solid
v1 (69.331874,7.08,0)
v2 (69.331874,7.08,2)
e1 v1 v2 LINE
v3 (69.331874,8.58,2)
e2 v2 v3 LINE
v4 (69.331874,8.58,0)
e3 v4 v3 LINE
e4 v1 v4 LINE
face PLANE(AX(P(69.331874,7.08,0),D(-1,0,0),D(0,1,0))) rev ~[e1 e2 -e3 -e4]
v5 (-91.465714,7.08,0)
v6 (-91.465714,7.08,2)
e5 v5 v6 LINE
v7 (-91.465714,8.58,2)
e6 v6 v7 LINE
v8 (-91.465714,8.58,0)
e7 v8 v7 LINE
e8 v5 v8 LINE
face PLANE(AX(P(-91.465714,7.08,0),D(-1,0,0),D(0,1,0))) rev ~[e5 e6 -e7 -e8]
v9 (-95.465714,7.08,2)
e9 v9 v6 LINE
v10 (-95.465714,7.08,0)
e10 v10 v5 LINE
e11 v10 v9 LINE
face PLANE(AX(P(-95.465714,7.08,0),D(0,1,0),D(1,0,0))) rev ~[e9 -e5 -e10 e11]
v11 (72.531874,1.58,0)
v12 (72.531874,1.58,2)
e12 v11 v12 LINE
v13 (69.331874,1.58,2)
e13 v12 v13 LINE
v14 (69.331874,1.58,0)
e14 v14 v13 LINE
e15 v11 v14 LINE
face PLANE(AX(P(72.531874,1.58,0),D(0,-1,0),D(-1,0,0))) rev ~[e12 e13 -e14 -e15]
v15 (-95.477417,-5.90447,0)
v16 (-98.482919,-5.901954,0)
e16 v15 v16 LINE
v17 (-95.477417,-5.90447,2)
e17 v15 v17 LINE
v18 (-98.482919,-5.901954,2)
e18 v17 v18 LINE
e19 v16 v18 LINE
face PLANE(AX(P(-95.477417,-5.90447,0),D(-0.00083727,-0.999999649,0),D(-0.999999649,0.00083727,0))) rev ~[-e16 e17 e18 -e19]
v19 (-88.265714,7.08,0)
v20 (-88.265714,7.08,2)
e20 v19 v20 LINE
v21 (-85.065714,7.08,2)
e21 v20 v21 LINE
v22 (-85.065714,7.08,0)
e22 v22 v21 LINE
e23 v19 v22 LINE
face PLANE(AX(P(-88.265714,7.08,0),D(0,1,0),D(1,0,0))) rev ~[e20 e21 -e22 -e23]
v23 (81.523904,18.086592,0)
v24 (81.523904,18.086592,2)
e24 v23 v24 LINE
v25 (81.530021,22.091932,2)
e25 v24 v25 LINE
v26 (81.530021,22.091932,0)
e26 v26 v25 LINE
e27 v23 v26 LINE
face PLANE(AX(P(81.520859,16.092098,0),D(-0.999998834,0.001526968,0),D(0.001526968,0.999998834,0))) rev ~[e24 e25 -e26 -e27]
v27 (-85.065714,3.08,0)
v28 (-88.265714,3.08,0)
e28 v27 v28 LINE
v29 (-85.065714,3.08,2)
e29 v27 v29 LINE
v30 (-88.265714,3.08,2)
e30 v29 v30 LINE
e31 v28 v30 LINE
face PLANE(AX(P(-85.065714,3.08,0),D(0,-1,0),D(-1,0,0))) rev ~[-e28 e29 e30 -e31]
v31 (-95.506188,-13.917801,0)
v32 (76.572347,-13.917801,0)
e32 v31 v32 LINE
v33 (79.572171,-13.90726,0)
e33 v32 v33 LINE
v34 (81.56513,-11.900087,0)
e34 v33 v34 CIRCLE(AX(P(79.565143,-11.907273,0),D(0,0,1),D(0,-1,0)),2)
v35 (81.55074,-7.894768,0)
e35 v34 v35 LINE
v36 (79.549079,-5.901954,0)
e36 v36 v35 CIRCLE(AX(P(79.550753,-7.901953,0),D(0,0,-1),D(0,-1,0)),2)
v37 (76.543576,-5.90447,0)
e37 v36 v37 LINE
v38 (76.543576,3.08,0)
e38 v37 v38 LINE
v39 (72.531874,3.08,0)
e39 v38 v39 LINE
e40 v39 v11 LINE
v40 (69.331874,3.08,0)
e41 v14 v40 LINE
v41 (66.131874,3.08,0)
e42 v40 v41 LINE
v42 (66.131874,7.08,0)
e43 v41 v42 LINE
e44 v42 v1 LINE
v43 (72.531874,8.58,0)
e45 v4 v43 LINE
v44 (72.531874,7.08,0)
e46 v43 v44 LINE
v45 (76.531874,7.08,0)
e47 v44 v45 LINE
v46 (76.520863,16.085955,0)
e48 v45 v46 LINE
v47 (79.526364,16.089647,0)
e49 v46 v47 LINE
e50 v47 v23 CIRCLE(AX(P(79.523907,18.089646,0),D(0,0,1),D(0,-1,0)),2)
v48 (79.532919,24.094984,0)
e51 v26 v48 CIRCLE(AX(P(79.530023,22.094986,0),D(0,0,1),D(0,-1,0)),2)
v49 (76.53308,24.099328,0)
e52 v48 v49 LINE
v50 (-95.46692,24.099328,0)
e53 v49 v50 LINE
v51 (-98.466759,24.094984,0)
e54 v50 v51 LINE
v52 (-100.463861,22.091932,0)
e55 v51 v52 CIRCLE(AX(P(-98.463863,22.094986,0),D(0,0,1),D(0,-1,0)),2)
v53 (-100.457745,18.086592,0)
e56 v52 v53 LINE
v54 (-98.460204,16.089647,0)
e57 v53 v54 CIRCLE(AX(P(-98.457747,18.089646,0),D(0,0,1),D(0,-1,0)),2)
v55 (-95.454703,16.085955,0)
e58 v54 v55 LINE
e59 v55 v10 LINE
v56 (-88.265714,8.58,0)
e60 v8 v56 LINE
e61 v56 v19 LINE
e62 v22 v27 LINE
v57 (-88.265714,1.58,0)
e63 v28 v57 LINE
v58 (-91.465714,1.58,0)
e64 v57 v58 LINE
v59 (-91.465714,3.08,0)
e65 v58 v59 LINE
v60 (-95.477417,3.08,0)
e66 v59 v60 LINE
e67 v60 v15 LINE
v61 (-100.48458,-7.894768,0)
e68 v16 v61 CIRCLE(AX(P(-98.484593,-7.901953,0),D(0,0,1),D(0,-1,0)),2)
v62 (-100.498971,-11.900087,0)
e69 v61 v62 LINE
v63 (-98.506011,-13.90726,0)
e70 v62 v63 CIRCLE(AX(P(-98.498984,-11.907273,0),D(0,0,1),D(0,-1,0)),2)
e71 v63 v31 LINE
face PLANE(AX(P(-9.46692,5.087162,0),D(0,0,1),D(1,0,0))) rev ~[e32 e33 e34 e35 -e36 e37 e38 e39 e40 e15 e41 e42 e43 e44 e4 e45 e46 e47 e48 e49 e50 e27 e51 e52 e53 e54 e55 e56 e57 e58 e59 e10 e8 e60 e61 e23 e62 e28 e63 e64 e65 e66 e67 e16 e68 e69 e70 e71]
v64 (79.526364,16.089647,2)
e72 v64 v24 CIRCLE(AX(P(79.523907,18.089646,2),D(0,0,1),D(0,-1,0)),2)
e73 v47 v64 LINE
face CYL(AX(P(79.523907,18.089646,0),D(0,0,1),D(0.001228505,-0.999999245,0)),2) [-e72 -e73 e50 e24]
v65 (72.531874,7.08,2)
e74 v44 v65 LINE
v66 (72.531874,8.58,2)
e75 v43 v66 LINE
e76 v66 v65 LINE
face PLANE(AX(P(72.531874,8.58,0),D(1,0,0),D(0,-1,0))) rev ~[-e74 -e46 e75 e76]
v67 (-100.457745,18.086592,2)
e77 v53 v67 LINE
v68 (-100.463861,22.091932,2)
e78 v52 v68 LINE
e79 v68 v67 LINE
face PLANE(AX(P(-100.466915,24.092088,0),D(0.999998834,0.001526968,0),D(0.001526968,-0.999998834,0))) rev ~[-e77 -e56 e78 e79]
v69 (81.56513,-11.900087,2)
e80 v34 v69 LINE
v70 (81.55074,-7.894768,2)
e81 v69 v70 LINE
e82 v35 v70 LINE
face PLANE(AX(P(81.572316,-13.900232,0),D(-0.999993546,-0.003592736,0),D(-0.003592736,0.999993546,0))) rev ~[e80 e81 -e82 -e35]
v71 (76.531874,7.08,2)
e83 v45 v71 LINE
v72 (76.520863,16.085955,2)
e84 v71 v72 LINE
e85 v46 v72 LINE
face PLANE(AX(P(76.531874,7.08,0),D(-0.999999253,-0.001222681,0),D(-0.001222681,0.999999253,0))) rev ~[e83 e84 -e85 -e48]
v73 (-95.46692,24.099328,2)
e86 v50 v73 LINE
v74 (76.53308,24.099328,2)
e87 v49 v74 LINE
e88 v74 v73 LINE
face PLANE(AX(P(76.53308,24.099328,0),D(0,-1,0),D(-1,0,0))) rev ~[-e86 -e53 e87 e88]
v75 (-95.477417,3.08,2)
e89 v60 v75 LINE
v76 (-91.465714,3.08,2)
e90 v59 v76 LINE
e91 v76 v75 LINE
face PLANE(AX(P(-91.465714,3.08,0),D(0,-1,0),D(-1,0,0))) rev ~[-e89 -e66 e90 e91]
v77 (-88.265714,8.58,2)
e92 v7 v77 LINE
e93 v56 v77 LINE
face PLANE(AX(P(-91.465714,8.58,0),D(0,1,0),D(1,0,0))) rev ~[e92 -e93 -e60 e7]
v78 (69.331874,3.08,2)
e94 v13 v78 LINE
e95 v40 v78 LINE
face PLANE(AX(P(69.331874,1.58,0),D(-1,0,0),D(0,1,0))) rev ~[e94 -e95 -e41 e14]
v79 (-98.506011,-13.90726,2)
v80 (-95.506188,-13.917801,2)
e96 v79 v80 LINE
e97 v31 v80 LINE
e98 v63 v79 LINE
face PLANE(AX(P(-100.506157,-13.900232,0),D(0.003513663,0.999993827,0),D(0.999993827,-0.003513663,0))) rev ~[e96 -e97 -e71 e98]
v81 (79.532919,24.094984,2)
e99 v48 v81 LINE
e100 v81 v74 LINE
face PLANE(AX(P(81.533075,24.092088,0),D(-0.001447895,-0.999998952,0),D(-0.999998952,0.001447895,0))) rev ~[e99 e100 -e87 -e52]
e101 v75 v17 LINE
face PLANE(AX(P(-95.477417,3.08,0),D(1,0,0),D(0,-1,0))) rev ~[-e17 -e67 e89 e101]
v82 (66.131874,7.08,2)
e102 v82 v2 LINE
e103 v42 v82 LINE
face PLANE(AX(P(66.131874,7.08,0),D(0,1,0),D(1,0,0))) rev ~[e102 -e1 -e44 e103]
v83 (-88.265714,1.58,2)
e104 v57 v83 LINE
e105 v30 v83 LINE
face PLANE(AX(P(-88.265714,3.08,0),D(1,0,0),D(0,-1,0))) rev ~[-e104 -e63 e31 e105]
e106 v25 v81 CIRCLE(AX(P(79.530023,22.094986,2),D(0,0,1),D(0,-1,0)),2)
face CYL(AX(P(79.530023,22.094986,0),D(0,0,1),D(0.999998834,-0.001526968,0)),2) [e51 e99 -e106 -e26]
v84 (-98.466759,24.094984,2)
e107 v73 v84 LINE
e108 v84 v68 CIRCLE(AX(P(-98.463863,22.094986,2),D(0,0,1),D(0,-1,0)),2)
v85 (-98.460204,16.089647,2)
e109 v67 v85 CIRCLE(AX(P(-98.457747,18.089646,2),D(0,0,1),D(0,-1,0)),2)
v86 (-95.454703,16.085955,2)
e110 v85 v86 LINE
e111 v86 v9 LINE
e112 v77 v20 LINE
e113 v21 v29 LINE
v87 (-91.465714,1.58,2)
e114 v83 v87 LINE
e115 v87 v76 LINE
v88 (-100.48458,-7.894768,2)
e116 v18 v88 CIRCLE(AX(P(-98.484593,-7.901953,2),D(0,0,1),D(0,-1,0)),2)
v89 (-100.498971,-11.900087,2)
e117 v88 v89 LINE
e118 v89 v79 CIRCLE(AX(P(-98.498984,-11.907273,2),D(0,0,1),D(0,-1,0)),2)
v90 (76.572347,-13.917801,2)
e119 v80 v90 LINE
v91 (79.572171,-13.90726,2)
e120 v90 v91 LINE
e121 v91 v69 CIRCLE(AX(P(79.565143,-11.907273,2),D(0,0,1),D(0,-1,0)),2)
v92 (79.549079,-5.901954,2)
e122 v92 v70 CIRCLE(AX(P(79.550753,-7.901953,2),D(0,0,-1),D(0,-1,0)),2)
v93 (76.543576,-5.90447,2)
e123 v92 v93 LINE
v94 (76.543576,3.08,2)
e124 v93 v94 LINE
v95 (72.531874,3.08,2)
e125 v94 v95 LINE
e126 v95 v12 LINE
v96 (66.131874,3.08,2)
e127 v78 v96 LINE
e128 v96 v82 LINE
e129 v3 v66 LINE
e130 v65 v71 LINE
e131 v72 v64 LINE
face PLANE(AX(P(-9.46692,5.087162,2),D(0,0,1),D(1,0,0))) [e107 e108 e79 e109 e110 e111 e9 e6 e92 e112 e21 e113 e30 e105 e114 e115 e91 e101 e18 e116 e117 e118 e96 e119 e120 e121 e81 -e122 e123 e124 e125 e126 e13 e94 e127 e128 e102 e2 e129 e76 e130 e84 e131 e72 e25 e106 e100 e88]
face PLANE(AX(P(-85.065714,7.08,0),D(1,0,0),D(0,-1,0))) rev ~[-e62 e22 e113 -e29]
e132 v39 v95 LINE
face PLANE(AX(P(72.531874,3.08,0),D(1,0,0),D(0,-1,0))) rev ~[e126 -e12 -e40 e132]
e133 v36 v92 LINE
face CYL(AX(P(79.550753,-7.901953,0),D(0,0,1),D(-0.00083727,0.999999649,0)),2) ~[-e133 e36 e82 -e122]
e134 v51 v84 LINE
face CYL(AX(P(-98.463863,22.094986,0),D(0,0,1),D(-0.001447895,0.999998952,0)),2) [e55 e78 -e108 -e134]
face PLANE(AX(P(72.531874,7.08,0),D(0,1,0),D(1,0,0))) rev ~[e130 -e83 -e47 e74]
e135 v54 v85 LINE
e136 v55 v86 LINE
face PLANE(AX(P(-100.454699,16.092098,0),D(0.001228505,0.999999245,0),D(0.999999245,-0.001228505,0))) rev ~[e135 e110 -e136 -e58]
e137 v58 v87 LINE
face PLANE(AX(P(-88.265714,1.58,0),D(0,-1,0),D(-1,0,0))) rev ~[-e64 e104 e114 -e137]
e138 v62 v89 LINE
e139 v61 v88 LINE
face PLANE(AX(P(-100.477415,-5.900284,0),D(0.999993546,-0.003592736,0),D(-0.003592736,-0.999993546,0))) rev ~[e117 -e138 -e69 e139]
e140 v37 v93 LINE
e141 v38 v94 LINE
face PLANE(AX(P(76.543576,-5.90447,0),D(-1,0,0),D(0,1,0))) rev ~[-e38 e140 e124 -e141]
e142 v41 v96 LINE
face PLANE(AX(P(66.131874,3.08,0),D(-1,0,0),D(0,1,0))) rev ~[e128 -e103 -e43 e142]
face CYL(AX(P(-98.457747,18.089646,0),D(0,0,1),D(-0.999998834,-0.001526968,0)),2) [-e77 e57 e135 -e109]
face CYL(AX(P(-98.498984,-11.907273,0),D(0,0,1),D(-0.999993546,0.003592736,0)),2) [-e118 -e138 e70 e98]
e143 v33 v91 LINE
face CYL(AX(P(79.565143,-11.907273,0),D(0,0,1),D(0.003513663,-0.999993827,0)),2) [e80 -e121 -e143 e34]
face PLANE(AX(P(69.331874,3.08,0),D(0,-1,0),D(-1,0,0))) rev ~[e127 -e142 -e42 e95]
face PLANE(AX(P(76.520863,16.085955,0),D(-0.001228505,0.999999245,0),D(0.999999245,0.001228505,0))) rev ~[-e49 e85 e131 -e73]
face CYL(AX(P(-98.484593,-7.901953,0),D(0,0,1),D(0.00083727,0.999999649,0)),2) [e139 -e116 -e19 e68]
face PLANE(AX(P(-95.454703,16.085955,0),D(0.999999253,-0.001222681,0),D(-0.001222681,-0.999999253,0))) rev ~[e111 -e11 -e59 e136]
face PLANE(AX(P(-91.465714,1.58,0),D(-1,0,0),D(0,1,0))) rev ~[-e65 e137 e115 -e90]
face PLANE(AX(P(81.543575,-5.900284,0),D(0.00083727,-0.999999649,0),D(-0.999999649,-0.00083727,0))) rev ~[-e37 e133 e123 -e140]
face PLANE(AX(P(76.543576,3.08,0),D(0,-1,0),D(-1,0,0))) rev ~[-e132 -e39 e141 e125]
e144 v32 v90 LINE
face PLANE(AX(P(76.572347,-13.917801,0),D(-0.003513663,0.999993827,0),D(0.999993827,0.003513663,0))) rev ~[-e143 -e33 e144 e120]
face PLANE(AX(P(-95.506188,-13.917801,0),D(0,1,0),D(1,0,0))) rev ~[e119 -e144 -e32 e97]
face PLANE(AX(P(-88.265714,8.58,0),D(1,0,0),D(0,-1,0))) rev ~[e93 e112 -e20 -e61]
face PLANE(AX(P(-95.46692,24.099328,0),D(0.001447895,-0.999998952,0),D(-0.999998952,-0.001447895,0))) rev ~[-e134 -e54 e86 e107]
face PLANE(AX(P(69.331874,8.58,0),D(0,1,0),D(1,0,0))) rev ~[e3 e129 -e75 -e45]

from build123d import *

# Parameters (mm, degrees)
EXTRUDE_1_DEPTH = 2
FILLET_1_R      = 2


with BuildPart() as part:
    # 草图1 → 凸台-拉伸1 (new body)
    with BuildSketch(Plane.XY):
        Polygon((81.543574606, -5.900283983), (76.543576359, -5.904470333), (76.543576359, 3.08), (72.531874134, 3.08), (72.531874134, 1.58), (69.331874134, 1.58), (69.331874134, 3.08), (66.131874134, 3.08), (66.131874134, 7.08), (69.331874134, 7.08), (69.331874134, 8.58), (72.531874134, 8.58), (72.531874134, 7.08), (76.531874134, 7.08), (76.520862712, 16.085955117), (81.520858939, 16.092097641), (81.533074683, 24.092088314), (76.533079924, 24.099327787), (-95.466920076, 24.099327787), (-100.466914835, 24.092088314), (-100.454699091, 16.092097641), (-95.454702864, 16.085955117), (-95.465714286, 7.08), (-91.465714286, 7.08), (-91.465714286, 8.58), (-88.265714286, 8.58), (-88.265714286, 7.08), (-85.065714286, 7.08), (-85.065714286, 3.08), (-88.265714286, 3.08), (-88.265714286, 1.58), (-91.465714286, 1.58), (-91.465714286, 3.08), (-95.47741651, 3.08), (-95.47741651, -5.904470333), (-100.477414758, -5.900283983), (-100.506156647, -13.900232352), (-95.506187511, -13.917800667), (76.57234736, -13.917800667), (81.572316495, -13.900232352), align=None)
    extrude(amount=EXTRUDE_1_DEPTH)

    # 圆角1
    fillet_1_edges = [part.edges().sort_by_distance(p)[0] for p in [
        (-100.506156647, -13.900232352, 1),
        (-100.477414758, -5.900283983, 1),
        (-100.454699091, 16.092097641, 1),
        (-100.466914835, 24.092088314, 1),
        (81.533074683, 24.092088314, 1),
        (81.520858939, 16.092097641, 1),
        (81.543574606, -5.900283983, 1),
        (81.572316495, -13.900232352, 1),
    ]]
    fillet(fillet_1_edges, radius=FILLET_1_R)


solid = part.part
